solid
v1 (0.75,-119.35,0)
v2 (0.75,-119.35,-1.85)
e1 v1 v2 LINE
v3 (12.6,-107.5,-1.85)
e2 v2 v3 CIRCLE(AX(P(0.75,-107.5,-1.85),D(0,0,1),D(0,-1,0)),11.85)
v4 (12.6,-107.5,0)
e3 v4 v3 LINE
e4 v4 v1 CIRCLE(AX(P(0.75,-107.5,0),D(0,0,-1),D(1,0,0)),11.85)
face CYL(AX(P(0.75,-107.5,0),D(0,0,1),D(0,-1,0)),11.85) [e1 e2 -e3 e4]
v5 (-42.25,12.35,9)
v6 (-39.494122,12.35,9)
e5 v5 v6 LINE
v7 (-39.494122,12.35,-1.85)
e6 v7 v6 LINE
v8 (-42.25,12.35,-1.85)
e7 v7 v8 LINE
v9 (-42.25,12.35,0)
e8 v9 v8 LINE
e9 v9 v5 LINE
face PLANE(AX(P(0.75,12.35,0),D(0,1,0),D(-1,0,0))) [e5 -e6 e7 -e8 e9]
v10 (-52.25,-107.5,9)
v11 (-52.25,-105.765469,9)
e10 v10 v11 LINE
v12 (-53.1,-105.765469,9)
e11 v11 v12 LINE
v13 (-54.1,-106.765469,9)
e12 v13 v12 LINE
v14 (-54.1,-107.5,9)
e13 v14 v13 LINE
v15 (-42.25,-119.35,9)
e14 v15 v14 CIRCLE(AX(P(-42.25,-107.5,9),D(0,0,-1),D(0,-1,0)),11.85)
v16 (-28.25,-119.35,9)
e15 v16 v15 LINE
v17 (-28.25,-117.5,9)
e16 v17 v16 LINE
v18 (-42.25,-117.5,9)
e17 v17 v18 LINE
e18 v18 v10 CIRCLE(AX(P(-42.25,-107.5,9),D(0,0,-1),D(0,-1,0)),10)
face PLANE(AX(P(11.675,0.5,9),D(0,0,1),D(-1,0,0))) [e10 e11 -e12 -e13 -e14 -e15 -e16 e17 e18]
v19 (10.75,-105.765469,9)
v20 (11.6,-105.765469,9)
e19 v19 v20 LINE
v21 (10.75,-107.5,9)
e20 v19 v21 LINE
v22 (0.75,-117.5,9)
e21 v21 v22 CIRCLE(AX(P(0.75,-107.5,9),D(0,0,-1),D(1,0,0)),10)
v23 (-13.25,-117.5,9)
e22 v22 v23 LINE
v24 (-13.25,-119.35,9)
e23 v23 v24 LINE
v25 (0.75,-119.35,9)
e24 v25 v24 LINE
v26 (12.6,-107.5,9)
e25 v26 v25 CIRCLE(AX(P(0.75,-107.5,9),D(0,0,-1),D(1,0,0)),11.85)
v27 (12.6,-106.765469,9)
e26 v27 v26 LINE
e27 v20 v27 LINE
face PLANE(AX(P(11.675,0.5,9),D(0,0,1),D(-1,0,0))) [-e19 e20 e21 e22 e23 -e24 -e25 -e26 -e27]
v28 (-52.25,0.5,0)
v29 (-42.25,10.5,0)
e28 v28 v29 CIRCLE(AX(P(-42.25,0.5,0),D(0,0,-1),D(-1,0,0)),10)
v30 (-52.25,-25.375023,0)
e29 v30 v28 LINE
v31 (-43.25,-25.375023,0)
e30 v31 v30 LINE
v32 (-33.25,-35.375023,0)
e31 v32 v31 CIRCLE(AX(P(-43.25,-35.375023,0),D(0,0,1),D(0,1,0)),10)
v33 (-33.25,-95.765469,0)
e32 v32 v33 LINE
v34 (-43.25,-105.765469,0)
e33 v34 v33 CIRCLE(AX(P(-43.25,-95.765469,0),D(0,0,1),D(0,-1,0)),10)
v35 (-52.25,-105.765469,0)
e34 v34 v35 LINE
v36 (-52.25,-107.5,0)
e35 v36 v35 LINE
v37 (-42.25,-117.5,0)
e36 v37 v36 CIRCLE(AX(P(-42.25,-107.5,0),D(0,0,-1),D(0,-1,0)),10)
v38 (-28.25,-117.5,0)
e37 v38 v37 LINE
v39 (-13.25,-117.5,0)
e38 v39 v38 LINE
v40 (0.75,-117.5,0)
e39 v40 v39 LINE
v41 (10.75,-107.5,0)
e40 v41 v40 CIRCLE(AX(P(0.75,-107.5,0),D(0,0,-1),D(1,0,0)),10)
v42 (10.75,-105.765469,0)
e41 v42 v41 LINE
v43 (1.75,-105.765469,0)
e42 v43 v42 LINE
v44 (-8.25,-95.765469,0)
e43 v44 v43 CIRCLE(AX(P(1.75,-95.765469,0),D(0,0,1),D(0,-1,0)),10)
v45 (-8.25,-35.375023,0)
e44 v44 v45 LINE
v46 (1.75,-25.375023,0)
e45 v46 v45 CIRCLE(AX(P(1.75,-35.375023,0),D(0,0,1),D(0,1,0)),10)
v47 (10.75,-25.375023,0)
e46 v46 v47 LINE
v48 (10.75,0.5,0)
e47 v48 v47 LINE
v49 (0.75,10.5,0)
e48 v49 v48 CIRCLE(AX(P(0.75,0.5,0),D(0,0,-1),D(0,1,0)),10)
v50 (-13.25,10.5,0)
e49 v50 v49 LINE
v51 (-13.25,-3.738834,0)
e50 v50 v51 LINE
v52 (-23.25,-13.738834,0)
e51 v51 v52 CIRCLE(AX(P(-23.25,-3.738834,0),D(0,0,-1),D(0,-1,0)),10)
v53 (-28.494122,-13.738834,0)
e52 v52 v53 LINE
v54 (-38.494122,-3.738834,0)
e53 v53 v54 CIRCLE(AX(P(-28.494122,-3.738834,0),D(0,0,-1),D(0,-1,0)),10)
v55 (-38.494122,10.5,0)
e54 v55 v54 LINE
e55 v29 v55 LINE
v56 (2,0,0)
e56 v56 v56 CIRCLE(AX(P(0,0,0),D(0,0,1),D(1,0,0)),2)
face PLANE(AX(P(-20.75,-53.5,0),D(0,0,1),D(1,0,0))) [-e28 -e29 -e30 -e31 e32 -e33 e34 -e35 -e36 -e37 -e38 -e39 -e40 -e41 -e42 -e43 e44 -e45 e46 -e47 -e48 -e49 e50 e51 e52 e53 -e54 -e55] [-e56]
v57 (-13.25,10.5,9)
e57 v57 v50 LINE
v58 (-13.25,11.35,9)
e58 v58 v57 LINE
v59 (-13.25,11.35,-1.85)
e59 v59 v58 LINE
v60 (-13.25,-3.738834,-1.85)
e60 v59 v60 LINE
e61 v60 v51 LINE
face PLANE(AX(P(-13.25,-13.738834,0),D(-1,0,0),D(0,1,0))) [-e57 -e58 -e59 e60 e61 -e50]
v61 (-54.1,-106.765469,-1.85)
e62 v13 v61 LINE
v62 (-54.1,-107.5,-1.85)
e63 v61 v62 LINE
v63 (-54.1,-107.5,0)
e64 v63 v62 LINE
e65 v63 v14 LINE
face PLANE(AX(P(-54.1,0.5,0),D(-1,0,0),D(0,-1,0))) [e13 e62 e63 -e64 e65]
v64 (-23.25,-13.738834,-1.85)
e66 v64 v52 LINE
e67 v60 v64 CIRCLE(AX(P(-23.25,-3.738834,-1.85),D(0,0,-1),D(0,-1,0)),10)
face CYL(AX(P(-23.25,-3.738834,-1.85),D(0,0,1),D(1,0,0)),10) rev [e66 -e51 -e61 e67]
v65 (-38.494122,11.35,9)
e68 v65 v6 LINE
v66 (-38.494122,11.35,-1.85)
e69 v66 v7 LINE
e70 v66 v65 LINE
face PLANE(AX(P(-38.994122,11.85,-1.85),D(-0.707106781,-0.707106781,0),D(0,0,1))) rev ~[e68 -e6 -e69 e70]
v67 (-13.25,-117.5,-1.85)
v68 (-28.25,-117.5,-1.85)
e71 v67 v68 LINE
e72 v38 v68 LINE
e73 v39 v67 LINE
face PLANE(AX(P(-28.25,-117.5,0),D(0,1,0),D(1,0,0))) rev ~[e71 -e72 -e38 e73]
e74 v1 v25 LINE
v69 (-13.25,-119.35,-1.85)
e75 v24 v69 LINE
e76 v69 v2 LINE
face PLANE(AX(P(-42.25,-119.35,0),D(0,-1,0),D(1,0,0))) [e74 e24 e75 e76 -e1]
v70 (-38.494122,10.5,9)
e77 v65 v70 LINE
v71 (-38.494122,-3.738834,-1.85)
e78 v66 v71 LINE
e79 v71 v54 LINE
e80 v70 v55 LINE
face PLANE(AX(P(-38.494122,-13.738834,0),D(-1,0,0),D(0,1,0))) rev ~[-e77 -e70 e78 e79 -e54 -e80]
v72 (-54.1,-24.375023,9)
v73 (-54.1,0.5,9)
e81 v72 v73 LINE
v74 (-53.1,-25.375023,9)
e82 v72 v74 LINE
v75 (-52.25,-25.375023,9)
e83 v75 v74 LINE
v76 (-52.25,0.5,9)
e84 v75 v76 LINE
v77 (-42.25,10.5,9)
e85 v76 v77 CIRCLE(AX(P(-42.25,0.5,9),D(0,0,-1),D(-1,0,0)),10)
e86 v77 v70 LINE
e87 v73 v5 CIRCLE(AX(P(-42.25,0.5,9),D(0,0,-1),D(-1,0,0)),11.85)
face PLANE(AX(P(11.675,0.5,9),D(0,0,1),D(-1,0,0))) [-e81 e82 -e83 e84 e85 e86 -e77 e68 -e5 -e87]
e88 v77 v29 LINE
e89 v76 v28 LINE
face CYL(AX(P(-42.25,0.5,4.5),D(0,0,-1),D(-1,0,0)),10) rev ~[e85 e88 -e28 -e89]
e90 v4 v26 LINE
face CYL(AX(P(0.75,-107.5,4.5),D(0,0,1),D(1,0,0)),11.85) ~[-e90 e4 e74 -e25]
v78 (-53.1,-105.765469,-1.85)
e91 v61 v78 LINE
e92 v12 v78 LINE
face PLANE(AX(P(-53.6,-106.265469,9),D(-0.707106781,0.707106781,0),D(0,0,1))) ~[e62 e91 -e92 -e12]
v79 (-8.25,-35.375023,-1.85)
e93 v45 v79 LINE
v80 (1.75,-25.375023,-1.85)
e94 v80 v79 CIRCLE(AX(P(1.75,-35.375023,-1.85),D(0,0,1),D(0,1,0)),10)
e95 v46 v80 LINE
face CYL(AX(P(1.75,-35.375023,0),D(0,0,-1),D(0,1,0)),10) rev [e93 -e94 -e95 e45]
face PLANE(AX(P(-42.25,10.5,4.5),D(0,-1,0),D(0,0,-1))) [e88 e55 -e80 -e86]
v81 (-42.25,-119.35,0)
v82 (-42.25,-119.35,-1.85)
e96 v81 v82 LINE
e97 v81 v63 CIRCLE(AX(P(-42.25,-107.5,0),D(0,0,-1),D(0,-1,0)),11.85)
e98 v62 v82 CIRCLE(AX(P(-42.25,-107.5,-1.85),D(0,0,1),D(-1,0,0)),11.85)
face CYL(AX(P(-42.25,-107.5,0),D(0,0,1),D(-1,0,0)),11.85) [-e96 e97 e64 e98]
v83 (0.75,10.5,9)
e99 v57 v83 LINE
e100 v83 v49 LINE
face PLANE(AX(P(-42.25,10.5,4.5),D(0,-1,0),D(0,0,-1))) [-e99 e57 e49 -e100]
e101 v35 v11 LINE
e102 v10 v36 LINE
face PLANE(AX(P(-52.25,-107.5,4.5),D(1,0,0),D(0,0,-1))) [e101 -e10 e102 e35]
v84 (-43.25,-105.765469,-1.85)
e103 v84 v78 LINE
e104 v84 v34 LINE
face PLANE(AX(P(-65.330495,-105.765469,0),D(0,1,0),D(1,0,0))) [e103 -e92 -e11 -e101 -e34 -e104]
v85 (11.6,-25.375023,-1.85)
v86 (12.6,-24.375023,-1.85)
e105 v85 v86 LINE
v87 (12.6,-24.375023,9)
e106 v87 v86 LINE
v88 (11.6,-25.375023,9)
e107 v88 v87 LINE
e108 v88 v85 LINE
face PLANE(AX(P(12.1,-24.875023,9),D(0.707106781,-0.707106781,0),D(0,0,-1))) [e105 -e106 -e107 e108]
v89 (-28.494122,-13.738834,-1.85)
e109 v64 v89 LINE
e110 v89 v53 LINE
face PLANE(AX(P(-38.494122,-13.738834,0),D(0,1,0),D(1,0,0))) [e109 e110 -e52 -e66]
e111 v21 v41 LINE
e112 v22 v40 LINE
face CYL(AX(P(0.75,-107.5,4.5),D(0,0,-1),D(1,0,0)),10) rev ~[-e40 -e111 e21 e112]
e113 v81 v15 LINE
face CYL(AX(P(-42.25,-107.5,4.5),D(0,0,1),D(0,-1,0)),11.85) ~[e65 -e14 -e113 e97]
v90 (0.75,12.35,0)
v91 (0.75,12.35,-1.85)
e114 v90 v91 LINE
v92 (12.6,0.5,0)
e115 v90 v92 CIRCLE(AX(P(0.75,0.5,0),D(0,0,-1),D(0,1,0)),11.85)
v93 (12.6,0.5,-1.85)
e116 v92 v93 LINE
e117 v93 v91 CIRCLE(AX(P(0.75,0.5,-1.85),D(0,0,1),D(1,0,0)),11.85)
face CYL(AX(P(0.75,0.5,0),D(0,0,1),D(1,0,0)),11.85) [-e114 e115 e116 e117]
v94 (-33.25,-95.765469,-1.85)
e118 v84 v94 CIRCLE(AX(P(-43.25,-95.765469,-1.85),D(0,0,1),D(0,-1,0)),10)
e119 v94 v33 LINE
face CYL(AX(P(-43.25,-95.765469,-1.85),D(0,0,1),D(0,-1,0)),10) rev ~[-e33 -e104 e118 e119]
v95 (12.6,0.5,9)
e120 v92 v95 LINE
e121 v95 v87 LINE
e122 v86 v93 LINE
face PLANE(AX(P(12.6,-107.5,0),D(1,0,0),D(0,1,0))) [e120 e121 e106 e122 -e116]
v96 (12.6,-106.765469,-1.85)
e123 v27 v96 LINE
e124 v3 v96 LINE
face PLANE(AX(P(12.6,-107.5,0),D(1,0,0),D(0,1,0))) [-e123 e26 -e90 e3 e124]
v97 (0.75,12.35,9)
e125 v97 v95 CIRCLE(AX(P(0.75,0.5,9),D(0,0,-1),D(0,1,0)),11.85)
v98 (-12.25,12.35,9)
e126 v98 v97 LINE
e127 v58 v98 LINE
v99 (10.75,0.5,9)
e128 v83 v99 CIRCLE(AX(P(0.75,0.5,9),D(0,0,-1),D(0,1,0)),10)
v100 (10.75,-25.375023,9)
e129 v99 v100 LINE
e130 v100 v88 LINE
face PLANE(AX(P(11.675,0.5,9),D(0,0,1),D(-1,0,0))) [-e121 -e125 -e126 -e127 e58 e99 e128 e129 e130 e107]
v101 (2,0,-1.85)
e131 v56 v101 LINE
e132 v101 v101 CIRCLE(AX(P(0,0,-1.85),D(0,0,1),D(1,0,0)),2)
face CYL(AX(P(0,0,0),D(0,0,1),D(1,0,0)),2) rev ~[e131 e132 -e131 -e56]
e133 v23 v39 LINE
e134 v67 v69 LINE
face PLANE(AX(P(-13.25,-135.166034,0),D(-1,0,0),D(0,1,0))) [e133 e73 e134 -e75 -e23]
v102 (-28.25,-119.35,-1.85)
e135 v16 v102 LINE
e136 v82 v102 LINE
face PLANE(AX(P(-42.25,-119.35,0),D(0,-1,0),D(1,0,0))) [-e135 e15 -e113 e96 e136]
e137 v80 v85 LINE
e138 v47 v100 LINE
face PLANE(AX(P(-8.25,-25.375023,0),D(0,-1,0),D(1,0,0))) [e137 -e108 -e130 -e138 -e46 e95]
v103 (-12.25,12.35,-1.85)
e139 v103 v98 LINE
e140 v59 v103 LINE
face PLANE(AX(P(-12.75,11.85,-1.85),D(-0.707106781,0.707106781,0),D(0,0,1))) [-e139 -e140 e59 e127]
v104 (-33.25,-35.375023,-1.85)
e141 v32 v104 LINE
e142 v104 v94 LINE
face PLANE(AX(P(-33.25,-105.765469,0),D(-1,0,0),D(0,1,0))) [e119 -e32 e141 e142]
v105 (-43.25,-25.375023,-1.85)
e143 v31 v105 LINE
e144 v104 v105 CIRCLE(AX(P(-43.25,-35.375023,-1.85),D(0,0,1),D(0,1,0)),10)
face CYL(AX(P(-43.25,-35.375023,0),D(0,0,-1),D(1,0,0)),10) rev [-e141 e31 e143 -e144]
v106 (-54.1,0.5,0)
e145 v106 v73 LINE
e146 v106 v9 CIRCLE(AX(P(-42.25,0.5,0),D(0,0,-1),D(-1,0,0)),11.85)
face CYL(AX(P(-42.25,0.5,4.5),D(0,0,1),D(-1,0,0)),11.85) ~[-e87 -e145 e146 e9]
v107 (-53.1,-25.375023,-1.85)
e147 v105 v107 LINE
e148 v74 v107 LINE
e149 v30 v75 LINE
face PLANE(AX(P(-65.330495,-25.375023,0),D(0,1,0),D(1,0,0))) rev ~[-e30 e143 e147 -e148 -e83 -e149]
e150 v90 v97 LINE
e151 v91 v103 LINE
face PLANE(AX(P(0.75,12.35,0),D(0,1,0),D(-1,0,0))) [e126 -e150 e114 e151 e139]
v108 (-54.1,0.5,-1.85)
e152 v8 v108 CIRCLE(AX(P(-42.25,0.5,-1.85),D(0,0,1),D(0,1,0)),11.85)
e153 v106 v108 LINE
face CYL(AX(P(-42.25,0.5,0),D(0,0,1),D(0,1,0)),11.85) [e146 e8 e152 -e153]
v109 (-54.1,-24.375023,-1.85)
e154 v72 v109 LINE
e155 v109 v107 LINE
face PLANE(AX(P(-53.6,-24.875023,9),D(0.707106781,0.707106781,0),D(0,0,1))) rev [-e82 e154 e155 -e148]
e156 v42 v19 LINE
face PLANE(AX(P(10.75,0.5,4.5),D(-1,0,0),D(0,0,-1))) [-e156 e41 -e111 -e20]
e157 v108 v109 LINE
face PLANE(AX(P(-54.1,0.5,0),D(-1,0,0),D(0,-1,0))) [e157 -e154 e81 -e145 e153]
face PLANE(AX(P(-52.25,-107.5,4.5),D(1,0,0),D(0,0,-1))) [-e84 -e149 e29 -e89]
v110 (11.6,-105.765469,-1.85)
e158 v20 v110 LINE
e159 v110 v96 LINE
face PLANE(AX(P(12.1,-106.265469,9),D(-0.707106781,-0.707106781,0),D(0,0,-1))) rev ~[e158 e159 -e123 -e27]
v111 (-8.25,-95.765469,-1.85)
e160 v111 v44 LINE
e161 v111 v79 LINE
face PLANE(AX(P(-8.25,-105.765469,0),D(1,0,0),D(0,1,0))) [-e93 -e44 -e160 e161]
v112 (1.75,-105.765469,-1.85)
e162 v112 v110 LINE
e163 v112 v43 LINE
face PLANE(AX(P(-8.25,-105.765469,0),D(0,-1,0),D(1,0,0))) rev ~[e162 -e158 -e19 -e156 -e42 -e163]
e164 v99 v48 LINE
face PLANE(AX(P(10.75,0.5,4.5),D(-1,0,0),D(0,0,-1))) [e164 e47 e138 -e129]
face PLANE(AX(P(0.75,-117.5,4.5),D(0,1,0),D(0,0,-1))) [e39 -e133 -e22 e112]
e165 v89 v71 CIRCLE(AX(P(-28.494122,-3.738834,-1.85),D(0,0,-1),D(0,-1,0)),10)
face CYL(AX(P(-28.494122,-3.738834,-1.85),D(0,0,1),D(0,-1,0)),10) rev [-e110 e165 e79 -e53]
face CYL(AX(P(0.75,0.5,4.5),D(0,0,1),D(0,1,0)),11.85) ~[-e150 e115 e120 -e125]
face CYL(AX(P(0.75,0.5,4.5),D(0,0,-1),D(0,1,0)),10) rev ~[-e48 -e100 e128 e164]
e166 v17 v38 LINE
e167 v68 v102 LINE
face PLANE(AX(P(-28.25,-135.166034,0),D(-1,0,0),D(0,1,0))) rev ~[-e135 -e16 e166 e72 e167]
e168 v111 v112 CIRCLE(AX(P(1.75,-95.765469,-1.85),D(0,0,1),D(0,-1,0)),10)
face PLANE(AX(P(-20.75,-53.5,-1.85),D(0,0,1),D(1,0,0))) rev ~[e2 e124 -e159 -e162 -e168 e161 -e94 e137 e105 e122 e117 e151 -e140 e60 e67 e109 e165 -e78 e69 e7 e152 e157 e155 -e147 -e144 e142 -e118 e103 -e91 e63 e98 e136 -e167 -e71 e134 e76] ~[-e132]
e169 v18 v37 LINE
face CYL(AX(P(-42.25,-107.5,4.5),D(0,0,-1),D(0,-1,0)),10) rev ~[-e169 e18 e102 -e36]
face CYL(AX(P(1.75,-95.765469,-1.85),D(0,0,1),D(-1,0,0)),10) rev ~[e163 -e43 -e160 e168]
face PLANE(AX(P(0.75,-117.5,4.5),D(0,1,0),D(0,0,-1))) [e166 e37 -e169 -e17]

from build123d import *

# Parameters (mm, degrees)
F3_W     = 1.85
F3_H     = 9
F1_R     = 2
F5_DEPTH = 1.85
F6_W     = 25.2441216726
F6_H     = 31.736315228
F6_W_2   = 15
F6_H_2   = 17.6660341024
F6_W_3   = 32.0804953698
F6_H_3   = 80.390445888
F6_W_4   = 30.8194325197
F7_DEPTH = 25
F8_R     = 10
F9_SIZE  = 1


with BuildPart() as f4:
    # F4: sweep along a path in F1
    with BuildLine(Plane.XY) as f4_path:
        Line((10.75, 0.5), (10.75, -107.5))
        ThreePointArc((10.75, -107.5), (7.8210678119, -114.5710678119), (0.75, -117.5))
        Line((0.75, -117.5), (-42.25, -117.5))
        ThreePointArc((-42.25, -117.5), (-49.3210678119, -114.5710678119), (-52.25, -107.5))
        Line((-52.25, -107.5), (-52.25, 0.5))
        ThreePointArc((-52.25, 0.5), (-49.3210678119, 7.5710678119), (-42.25, 10.5))
        Line((-42.25, 10.5), (0.75, 10.5))
        ThreePointArc((0.75, 10.5), (7.8210678119, 7.5710678119), (10.75, 0.5))
    # F3 (on line) → F4 (sweep)
    with BuildSketch(Plane.XZ.offset(53.5)):
        with Locations((11.675, 4.5)):
            Rectangle(F3_W, F3_H)
    sweep(path=f4_path.line)

    # F1 (on Top) → F5 (join)
    with BuildSketch(Plane.XY):
        with BuildLine():
            Line((0.75, 12.35), (-42.25, 12.35))
            ThreePointArc((-42.25, 12.35), (-50.6292153571, 8.8792153571), (-54.1, 0.5))
            Line((-54.1, 0.5), (-54.1, -107.5))
            ThreePointArc((-54.1, -107.5), (-50.6292153571, -115.8792153571), (-42.25, -119.35))
            Line((-42.25, -119.35), (0.75, -119.35))
            ThreePointArc((0.75, -119.35), (9.1292153571, -115.8792153571), (12.6, -107.5))
            Line((12.6, -107.5), (12.6, 0.5))
            ThreePointArc((12.6, 0.5), (9.1292153571, 8.8792153571), (0.75, 12.35))
        make_face()
        with BuildLine():
            Line((-42.25, 10.5), (0.75, 10.5))
            ThreePointArc((0.75, 10.5), (7.8210678119, 7.5710678119), (10.75, 0.5))
            Line((10.75, 0.5), (10.75, -107.5))
            ThreePointArc((10.75, -107.5), (7.8210678119, -114.5710678119), (0.75, -117.5))
            Line((0.75, -117.5), (-42.25, -117.5))
            ThreePointArc((-42.25, -117.5), (-49.3210678119, -114.5710678119), (-52.25, -107.5))
            Line((-52.25, -107.5), (-52.25, 0.5))
            ThreePointArc((-52.25, 0.5), (-49.3210678119, 7.5710678119), (-42.25, 10.5))
        make_face(mode=Mode.SUBTRACT)
        with BuildLine():
            ThreePointArc((10.75, 0.5), (7.8210678119, 7.5710678119), (0.75, 10.5))
            Line((0.75, 10.5), (-42.25, 10.5))
            ThreePointArc((-42.25, 10.5), (-49.3210678119, 7.5710678119), (-52.25, 0.5))
            Line((-52.25, 0.5), (-52.25, -107.5))
            ThreePointArc((-52.25, -107.5), (-49.3210678119, -114.5710678119), (-42.25, -117.5))
            Line((-42.25, -117.5), (0.75, -117.5))
            ThreePointArc((0.75, -117.5), (7.8210678119, -114.5710678119), (10.75, -107.5))
            Line((10.75, -107.5), (10.75, 0.5))
        make_face()
        Circle(F1_R, mode=Mode.SUBTRACT)
    extrude(amount=-F5_DEPTH)

    # F6 (on Top) → F7 (cut, symmetric)
    with BuildSketch(Plane.XY):
        with Locations((-25.8720608363, 2.1293233149)):
            Rectangle(F6_W, F6_H)
        with Locations((-20.75, -126.3330170512)):
            Rectangle(F6_W_2, F6_H_2)
        with Locations((-49.2902476849, -65.5702464283)):
            Rectangle(F6_W_3, F6_H_3)
        with Locations((7.1597162599, -65.5702464283)):
            Rectangle(F6_W_4, F6_H_3)
    extrude(amount=F7_DEPTH, both=True, mode=Mode.SUBTRACT)

    # F8
    f8_edges = [f4.edges().sort_by_distance(p)[0] for p in [
        (-33.25, -25.375023, -0.925),
        (-8.25, -25.375023, -0.925),
        (-8.25, -105.765469, -0.925),
        (-33.25, -105.765469, -0.925),
        (-38.494122, -13.738834, -0.925),
        (-13.25, -13.738834, -0.925),
    ]]
    fillet(f8_edges, radius=F8_R)

    # F9
    f9_edges = [f4.edges().sort_by_distance(p)[0] for p in [
        (-54.1, -25.375023, 3.575),
        (12.6, -25.375023, 3.575),
        (-13.25, 12.35, 3.575),
        (-38.494122, 12.35, 3.575),
        (-54.1, -105.765469, 3.575),
        (12.6, -105.765469, 3.575),
    ]]
    chamfer(f9_edges, length=F9_SIZE)


solid = f4.part
